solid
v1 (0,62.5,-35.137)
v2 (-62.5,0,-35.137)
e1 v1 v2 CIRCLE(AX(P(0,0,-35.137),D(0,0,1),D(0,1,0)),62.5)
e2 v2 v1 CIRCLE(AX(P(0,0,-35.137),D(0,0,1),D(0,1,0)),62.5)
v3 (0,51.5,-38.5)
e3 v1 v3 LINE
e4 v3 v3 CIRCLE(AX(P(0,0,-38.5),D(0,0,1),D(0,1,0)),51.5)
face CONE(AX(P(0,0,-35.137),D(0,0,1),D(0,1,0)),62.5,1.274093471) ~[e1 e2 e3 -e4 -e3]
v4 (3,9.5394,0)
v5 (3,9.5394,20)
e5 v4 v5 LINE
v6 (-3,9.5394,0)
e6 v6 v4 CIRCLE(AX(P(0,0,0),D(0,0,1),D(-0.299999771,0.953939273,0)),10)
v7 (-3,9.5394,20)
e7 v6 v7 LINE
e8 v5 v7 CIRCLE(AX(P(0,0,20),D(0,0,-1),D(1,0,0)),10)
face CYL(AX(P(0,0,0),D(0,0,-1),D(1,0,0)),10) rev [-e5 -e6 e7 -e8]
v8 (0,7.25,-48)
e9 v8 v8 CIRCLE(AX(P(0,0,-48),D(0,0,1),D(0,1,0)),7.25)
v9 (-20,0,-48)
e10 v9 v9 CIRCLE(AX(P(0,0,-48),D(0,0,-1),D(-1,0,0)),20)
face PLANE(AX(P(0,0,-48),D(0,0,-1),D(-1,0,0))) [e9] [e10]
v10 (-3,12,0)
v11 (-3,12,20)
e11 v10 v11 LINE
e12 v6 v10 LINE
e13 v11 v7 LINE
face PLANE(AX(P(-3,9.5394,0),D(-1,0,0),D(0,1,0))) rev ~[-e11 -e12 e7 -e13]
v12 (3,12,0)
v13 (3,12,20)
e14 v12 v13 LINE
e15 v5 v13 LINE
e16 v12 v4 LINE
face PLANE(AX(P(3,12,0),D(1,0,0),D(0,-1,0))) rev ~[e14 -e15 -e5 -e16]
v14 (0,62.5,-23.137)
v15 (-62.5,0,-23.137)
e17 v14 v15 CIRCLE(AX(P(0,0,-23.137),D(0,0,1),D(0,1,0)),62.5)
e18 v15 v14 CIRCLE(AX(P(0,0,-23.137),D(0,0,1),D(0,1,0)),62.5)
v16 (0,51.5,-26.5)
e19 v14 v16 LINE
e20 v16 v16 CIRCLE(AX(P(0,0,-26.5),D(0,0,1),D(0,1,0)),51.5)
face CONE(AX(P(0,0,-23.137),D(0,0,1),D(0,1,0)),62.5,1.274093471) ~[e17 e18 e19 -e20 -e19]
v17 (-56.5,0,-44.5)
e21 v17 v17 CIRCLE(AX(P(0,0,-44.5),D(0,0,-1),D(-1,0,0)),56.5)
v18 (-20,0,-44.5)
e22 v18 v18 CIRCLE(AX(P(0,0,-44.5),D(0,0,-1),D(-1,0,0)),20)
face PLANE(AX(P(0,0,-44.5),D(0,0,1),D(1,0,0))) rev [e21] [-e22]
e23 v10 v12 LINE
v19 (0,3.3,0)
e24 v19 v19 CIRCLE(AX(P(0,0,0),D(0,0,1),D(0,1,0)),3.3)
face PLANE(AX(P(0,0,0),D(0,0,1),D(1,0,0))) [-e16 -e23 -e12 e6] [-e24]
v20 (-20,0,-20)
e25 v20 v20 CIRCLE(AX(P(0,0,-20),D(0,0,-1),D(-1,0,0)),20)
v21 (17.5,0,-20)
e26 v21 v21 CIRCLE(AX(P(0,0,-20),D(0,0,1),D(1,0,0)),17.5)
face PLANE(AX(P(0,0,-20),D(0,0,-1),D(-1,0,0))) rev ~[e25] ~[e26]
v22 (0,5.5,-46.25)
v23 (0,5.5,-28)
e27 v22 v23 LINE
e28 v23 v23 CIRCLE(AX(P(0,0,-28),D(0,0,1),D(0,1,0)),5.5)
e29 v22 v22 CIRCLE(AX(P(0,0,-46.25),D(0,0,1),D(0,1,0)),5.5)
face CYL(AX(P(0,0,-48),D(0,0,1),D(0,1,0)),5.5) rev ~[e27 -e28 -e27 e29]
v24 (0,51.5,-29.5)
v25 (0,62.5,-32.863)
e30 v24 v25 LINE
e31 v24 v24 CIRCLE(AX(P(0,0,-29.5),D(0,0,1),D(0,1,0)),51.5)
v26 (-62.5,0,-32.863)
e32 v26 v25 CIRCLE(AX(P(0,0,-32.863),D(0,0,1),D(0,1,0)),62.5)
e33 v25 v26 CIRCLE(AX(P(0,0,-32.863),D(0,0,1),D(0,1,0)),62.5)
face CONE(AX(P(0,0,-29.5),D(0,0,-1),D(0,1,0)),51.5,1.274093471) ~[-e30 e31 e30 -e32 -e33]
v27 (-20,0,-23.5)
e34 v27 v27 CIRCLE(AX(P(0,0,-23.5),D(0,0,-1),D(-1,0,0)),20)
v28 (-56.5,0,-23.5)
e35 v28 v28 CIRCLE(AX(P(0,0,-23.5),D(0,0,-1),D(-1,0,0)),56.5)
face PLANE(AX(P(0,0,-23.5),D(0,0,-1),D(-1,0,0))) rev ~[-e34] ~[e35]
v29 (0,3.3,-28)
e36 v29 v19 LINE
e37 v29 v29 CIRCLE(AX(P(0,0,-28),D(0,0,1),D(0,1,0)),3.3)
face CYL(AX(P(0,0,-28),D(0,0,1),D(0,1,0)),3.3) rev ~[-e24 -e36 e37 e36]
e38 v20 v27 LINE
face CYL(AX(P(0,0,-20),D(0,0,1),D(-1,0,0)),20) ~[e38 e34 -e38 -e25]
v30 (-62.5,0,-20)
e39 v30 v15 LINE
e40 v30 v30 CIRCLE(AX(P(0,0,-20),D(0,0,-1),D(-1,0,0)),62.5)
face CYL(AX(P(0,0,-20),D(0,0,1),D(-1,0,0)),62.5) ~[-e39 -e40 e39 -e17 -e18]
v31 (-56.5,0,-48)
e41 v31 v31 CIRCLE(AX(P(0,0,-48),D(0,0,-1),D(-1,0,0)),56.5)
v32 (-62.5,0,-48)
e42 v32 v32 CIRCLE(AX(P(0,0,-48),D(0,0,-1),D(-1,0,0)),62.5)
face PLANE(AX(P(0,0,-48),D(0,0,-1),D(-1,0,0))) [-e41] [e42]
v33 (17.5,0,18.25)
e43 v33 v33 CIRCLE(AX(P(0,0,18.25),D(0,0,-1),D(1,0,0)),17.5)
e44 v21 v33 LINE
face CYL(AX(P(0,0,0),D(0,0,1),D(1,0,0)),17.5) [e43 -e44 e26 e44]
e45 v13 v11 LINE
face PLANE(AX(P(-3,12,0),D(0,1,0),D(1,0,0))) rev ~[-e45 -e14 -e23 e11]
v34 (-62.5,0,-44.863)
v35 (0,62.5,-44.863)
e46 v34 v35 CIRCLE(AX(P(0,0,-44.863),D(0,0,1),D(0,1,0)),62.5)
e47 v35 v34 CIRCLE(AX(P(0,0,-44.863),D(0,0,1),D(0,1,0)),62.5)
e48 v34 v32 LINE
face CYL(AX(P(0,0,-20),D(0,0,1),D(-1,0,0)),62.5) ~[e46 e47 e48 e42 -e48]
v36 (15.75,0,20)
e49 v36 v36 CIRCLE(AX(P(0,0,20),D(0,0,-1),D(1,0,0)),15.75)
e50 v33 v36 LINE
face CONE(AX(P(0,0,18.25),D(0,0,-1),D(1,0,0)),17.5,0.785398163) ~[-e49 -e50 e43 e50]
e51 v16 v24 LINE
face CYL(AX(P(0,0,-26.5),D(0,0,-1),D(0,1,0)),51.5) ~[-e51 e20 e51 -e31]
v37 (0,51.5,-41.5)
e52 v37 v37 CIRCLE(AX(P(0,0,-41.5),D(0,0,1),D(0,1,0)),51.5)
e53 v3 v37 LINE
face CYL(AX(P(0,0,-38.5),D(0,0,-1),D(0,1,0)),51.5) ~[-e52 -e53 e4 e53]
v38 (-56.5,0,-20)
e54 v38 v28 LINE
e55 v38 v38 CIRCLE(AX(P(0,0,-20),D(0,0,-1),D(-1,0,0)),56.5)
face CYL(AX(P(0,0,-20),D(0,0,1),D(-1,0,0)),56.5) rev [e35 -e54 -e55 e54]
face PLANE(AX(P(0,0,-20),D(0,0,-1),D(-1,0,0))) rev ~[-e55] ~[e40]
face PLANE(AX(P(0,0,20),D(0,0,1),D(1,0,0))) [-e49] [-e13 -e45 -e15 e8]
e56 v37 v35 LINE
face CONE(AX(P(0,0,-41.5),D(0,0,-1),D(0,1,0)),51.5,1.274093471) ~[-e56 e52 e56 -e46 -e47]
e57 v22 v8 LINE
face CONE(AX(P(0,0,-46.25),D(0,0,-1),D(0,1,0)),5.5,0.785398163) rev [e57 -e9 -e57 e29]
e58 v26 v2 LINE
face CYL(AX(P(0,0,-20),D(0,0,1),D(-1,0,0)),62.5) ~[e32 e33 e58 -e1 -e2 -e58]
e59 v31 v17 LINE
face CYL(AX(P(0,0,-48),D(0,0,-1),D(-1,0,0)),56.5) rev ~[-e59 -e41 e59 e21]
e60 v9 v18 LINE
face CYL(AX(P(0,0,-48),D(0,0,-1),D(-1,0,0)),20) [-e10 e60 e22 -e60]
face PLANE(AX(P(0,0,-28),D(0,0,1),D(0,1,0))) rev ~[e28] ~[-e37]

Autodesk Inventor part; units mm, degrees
ref_plane "YZ Plane" through (0, 0, 0) normal (1, 0, 0) x (0, 1, 0)
ref_plane "XZ Plane" through (0, 0, 0) normal (0, 1, 0) x (-1, 0, 0)
sketch "Sketch1" plane through (0, 0, 0) normal (0, 0, 1) x (1, 0, 0)
  circle A0 centre (0, 0) radius 10
  circle A1 centre (0, 0) radius 17.5
  line L0 (-3, 9.5394) -> (-3, 12)
  line L1 (-3, 12) -> (3, 12)
  line L2 (3, 12) -> (3, 9.5394)
  line L3 (-8.124, -15.5) -> (8.124, -15.5)
  dimension "d0" = 20
  dimension "d1" = 35
  dimension "d2" = 12
  dimension "d3" = 6
  dimension "d4" = 15.5
extrude "Extrusion1" add sketch "Sketch1" along normal mid plane 40 contours A0 | A0 L0 L1 L2 | A1 L3 | L3 A1
extrude "Extrusion2" [suppressed]
chamfer "Chamfer1" [suppressed]
sketch "Sketch2" plane through (0, 0, 0) normal (0, 1, 0) x (-1, 0, 0)
  line L0 (0, 10) -> (0, -10)
  point P0 (0, 0)
  point P1 (0, 0)
  dimension "d12" = 20
hole "Hole1" [suppressed]
sketch "Sketch3" plane through (0, 0, -20) normal (0, 0, -1) x (-1, 0, 0)
  circle A0 centre (0, 0) radius 17.5 projected
  circle A1 centre (0, 0) radius 62.5
  circle A2 centre (0, 0) radius 20
  circle A3 centre (0, 0) radius 56.5
  dimension "d32" = 125
  dimension "d45" = 6
  dimension "d46" = 40
extrude "Extrusion3" add sketch "Sketch3" along normal blind 28 contours A0 | A1 | A2 | A3
ref_plane "Work Plane1" through (0, 0, -34) normal (0, 0, 1) x (1, 0, 0)
extrude "Extrusion4" cut sketch "Sketch3" along normal blind 3.5 contours A3
mirror "Mirror1" about plane through (0, 0, -34) normal (0, 0, 1) of "Extrusion4"
sketch "Sketch4" plane through (0, 0, -48) normal (0, 0, -1) x (-1, 0, 0)
  point P0 (0, 0)
  point P1 (0, 0)
  point P2 (0, 0)
hole "Hole2" at (0, 0, -48) direction (0, 0, 1) diameter 6.6 end through all counterbore diameter 11 counterbore depth 20 clearance for "Socket Head Cap Screw ISO 4762" size "M6" standard "ISO"
chamfer "Chamfer2" distance 1.75 angle 45 1 edges at (-17.5, 0, 20)
sketch "Sketch5" plane through (0, 0, 0) normal (1, 0, 0) x (0, 1, 0)
  line L0 (62.5, -23.137) -> (51.5, -26.5)
  line L1 (51.5, -26.5) -> (51.5, -29.5)
  line L2 (51.5, -29.5) -> (62.5, -32.863)
  line L3 (51.5, -28) -> (62.5, -28) construction
  line L4 (62.5, -23.137) -> (62.5, -32.863)
  line L5 (62.5, -20) -> (62.5, -48) projected
  line L6 (0, -57.6) -> (0, 9.6) projected
  point P0 (0, 0)
  dimension "d34" = 34
  dimension "d35" = 11
  dimension "d39" = 3
  dimension "d40" = 8
revolve "Revolution1" cut sketch "Sketch5" angle 360 about axis through (0, 0, -10) along (0, 0, 1)
pattern_linear "Rectangular Pattern1" count 2 spacing 12 along (0, 0, -1) of "Revolution1"
extrude "Extrusion5" cut sketch "Sketch1" along normal through all contours A0 | A0 L0 L1 L2
chamfer "Chamfer3" distance 1.75 angle 45 1 edges at (0, -5.5, -48)
equation "\"d34\" = d37"
equation "\"d35\" = d38"
equation "\"d36\" = 8.5"
equation "\"d37\" = 34deg"
equation "\"d38\" = 11"
properties part number "PWTR-0094" material "Stainless Steel"
